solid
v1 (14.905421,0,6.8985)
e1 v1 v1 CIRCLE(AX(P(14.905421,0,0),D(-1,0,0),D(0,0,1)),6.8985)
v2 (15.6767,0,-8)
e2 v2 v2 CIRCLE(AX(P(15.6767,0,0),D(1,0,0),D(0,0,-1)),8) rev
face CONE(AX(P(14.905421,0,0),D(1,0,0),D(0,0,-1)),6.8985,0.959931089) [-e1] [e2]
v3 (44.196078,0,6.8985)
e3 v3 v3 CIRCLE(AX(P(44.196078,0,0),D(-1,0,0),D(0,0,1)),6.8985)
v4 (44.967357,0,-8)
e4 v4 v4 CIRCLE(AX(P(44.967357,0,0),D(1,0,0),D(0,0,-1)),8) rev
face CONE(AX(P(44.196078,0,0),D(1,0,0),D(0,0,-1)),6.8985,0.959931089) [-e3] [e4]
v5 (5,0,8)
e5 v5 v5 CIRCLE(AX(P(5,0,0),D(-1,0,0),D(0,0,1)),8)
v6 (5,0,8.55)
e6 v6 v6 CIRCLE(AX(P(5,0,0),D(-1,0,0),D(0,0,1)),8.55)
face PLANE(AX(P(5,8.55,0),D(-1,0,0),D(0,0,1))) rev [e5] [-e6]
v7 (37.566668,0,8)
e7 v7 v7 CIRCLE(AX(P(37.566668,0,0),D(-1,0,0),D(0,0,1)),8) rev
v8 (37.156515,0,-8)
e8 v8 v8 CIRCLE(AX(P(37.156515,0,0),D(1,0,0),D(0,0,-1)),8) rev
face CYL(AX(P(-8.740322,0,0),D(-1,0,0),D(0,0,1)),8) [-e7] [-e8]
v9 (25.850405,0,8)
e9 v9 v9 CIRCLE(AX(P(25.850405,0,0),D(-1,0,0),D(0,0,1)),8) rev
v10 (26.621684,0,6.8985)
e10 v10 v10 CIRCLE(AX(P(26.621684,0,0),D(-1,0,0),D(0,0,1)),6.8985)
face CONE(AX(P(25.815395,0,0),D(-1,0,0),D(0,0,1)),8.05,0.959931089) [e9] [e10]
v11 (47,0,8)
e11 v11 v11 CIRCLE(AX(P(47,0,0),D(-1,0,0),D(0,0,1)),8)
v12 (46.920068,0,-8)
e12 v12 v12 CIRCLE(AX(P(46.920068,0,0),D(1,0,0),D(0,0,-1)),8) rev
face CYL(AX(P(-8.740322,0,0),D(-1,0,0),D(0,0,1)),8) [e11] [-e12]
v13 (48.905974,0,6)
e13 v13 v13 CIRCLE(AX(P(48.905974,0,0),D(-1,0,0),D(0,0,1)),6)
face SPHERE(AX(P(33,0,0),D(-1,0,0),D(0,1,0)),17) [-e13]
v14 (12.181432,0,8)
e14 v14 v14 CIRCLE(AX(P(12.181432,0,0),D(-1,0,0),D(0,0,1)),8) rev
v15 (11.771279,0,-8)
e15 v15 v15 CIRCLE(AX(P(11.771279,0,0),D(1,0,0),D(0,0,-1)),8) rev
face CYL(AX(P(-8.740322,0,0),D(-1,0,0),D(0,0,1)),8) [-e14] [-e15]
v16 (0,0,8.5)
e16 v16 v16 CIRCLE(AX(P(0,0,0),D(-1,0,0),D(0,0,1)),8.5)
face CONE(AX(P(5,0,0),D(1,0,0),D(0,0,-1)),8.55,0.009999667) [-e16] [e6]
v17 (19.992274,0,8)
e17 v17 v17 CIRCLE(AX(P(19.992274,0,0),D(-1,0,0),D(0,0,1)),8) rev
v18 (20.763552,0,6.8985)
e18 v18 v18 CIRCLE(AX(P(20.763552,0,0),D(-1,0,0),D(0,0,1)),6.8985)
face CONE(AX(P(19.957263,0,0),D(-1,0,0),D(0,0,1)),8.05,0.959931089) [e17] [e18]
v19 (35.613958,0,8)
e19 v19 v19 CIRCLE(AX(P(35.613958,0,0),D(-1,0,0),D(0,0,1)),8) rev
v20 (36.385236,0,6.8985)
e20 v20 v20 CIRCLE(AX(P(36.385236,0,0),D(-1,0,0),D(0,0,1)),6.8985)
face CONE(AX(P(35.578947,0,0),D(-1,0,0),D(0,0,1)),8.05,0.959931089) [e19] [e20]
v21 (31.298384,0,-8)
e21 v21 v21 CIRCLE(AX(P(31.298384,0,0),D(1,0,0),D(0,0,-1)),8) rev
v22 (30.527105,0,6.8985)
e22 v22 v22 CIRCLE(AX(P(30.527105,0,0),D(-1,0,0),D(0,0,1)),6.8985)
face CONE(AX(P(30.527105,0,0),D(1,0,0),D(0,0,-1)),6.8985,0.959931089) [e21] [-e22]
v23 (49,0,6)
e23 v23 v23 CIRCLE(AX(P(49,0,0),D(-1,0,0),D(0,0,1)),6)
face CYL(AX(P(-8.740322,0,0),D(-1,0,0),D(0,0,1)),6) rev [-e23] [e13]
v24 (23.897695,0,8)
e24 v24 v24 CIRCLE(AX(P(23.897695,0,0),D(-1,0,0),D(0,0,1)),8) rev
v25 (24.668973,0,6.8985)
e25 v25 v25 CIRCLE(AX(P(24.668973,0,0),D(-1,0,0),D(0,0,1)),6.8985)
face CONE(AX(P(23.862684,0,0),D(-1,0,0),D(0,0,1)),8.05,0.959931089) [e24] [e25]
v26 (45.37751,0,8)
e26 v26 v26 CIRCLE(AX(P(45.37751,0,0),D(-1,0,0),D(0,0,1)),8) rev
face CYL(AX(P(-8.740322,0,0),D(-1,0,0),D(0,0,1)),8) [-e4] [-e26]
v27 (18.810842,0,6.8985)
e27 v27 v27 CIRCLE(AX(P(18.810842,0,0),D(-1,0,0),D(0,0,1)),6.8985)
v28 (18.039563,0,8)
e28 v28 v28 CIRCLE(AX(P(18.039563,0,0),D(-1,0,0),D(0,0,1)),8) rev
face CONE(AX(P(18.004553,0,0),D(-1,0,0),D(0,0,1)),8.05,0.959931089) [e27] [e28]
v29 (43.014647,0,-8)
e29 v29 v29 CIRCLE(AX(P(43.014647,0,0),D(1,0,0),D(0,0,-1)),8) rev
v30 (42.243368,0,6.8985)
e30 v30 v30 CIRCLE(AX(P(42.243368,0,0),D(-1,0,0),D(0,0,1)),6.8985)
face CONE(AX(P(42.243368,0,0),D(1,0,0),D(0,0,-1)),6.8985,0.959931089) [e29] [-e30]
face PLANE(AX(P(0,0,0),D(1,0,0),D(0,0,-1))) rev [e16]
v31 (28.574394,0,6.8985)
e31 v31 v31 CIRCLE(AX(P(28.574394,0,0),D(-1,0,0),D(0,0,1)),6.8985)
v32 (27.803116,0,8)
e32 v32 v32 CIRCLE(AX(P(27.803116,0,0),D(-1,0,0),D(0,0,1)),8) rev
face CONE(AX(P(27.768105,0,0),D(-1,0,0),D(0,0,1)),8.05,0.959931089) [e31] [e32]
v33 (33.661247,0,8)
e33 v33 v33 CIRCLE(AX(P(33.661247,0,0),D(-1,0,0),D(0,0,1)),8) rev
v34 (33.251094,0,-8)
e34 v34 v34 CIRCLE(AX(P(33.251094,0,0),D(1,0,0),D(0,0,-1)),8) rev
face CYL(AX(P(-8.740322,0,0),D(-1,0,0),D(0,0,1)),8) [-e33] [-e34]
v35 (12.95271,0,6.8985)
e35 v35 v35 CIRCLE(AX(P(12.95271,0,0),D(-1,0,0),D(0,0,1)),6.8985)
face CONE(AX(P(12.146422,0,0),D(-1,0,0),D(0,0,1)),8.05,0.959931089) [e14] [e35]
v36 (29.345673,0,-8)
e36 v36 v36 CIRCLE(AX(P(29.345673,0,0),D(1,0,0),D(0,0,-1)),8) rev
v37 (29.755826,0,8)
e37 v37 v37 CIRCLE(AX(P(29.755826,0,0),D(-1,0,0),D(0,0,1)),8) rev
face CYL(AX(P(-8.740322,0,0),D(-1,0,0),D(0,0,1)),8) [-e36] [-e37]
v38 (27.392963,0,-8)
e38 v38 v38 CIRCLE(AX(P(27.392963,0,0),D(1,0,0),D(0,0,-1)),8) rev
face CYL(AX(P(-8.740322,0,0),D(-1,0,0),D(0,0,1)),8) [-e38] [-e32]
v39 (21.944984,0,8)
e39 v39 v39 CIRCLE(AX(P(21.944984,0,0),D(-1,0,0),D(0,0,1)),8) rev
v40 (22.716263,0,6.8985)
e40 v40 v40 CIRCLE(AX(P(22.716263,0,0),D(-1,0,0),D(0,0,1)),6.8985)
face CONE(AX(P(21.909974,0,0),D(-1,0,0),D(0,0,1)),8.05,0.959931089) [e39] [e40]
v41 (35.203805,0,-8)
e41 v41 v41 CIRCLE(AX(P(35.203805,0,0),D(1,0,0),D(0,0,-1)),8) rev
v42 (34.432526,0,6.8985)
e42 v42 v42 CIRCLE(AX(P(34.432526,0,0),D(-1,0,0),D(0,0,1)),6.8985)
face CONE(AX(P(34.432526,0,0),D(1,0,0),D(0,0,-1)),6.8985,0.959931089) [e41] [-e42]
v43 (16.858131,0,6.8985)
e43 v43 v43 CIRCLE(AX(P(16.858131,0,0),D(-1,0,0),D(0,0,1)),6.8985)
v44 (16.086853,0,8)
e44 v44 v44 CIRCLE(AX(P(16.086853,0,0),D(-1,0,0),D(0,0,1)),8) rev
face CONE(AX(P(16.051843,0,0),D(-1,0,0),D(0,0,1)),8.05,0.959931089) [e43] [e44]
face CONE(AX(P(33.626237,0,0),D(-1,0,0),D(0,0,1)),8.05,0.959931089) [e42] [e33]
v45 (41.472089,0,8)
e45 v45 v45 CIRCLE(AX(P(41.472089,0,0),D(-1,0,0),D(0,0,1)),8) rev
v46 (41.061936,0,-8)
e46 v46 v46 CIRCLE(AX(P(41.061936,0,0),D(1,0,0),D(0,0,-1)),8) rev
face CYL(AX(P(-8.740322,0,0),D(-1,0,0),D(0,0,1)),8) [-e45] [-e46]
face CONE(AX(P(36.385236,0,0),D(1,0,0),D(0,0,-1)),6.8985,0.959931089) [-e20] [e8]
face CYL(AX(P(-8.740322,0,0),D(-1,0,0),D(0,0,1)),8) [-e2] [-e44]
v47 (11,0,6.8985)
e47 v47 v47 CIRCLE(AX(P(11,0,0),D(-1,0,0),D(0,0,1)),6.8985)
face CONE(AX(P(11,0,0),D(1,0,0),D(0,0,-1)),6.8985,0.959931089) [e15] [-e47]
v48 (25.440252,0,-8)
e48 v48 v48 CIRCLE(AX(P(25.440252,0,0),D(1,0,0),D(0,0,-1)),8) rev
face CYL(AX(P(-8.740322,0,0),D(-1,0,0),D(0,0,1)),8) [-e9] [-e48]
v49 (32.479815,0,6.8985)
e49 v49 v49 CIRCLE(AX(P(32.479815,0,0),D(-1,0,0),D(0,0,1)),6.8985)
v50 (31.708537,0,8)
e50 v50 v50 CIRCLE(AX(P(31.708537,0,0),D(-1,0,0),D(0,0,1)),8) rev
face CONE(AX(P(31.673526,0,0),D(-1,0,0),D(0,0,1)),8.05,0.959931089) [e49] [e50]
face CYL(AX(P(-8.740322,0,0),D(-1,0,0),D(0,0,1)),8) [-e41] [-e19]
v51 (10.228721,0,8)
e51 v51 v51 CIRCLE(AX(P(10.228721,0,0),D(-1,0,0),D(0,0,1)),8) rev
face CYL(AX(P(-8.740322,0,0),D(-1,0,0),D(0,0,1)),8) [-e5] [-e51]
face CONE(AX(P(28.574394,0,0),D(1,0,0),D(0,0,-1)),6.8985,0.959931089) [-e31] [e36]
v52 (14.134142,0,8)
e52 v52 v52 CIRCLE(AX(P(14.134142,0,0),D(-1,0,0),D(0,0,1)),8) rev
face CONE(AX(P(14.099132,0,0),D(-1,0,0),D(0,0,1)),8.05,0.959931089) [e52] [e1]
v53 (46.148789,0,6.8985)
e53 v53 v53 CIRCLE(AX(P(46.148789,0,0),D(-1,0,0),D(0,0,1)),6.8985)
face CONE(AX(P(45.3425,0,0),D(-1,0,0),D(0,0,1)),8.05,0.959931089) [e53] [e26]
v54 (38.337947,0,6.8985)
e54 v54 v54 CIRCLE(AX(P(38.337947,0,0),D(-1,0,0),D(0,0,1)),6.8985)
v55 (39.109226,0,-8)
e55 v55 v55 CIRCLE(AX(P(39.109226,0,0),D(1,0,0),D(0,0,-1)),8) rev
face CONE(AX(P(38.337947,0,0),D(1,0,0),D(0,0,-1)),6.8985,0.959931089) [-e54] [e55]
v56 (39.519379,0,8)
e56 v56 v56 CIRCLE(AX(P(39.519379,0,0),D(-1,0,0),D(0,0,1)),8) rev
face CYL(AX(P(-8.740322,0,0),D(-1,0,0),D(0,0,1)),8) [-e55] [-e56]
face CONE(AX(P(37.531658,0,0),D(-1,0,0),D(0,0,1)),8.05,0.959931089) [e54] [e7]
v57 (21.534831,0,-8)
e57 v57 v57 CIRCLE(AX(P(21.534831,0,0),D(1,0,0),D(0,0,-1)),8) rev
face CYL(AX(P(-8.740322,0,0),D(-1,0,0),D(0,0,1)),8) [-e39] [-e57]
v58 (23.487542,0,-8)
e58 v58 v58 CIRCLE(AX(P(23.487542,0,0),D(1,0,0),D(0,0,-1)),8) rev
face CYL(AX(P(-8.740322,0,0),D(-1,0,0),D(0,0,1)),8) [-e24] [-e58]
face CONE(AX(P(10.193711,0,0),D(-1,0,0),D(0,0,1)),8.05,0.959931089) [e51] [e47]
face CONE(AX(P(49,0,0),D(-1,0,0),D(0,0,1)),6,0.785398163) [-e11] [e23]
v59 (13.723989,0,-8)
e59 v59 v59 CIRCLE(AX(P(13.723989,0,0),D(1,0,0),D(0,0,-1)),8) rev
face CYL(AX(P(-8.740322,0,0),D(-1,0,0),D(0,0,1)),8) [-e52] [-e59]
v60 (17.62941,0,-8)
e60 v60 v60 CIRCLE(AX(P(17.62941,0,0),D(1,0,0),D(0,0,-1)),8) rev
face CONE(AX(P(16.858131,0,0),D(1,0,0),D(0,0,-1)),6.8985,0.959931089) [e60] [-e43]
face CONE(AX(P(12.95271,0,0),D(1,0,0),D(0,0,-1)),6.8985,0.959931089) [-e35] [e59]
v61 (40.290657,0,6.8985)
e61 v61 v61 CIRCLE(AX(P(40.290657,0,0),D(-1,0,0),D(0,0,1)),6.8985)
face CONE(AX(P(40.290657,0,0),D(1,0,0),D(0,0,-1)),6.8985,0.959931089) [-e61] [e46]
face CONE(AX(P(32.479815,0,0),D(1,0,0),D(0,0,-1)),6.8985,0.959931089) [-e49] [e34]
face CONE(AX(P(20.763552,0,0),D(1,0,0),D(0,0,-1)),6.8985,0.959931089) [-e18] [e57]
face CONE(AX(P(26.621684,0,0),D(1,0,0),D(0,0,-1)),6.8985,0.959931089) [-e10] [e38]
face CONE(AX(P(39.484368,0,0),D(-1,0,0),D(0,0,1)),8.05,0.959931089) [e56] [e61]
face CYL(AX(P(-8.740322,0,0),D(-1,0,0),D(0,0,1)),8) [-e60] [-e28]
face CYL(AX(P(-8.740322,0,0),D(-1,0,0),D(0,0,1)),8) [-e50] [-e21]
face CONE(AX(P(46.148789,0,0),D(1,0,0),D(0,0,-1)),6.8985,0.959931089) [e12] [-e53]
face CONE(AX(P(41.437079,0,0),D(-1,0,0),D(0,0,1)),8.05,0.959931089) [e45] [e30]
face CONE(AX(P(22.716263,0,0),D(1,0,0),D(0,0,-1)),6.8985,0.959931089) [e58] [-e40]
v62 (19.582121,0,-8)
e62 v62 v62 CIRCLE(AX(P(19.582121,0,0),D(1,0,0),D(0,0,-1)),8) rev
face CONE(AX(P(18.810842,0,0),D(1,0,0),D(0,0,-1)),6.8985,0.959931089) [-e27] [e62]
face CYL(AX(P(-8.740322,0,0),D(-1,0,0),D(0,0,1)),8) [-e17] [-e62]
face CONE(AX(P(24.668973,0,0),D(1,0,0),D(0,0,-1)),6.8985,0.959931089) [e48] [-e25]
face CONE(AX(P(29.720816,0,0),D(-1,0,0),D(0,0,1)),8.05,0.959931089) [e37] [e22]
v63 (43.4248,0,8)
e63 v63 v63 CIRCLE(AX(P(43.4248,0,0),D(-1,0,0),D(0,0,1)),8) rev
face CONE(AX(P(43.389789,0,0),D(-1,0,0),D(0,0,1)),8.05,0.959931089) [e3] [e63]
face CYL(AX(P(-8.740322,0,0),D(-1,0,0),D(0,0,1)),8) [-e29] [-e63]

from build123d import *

# Parameters (mm, degrees)
THDSCHPAT_COUNT = 19
THDSCHPAT_PITCH = 1.952710494


with BuildPart() as part:
    # BodySke → Body (revolve)
    with BuildSketch(Plane.XY):
        with BuildLine():
            Line((0, 0), (0, 8.5))
            Line((0, 8.5), (5, 8.55))
            Line((5, 8.55), (5, 8))
            Line((5, 8), (47, 8))
            Line((47, 8), (49, 6))
            Line((49, 6), (48.905973721, 6))
            ThreePointArc((48.905973721, 6), (49.724257132, 3.049462801), (50, 0))
            Line((50, 0), (0, 0))
        make_face()
    revolve(axis=Axis((-8.740321592, 0, 0), (1, 0, 0)))

    # ThdSchSke → ThreadSchematic (revolve, cut)
    with BuildSketch(Plane.XY):
        Polygon((11, 6.8985), (10.19371102, 8.05), (11.80628898, 8.05), align=None)
    threadschematic = revolve(axis=Axis((112.074944318, 0, 0), (1, 0, 0)), mode=Mode.SUBTRACT)

    # ThdSchPat: ThreadSchematic ×19
    with Locations(*[(i * THDSCHPAT_PITCH, 0, 0) for i in range(1, THDSCHPAT_COUNT)]):
        add(threadschematic, mode=Mode.SUBTRACT)


solid = part.part
